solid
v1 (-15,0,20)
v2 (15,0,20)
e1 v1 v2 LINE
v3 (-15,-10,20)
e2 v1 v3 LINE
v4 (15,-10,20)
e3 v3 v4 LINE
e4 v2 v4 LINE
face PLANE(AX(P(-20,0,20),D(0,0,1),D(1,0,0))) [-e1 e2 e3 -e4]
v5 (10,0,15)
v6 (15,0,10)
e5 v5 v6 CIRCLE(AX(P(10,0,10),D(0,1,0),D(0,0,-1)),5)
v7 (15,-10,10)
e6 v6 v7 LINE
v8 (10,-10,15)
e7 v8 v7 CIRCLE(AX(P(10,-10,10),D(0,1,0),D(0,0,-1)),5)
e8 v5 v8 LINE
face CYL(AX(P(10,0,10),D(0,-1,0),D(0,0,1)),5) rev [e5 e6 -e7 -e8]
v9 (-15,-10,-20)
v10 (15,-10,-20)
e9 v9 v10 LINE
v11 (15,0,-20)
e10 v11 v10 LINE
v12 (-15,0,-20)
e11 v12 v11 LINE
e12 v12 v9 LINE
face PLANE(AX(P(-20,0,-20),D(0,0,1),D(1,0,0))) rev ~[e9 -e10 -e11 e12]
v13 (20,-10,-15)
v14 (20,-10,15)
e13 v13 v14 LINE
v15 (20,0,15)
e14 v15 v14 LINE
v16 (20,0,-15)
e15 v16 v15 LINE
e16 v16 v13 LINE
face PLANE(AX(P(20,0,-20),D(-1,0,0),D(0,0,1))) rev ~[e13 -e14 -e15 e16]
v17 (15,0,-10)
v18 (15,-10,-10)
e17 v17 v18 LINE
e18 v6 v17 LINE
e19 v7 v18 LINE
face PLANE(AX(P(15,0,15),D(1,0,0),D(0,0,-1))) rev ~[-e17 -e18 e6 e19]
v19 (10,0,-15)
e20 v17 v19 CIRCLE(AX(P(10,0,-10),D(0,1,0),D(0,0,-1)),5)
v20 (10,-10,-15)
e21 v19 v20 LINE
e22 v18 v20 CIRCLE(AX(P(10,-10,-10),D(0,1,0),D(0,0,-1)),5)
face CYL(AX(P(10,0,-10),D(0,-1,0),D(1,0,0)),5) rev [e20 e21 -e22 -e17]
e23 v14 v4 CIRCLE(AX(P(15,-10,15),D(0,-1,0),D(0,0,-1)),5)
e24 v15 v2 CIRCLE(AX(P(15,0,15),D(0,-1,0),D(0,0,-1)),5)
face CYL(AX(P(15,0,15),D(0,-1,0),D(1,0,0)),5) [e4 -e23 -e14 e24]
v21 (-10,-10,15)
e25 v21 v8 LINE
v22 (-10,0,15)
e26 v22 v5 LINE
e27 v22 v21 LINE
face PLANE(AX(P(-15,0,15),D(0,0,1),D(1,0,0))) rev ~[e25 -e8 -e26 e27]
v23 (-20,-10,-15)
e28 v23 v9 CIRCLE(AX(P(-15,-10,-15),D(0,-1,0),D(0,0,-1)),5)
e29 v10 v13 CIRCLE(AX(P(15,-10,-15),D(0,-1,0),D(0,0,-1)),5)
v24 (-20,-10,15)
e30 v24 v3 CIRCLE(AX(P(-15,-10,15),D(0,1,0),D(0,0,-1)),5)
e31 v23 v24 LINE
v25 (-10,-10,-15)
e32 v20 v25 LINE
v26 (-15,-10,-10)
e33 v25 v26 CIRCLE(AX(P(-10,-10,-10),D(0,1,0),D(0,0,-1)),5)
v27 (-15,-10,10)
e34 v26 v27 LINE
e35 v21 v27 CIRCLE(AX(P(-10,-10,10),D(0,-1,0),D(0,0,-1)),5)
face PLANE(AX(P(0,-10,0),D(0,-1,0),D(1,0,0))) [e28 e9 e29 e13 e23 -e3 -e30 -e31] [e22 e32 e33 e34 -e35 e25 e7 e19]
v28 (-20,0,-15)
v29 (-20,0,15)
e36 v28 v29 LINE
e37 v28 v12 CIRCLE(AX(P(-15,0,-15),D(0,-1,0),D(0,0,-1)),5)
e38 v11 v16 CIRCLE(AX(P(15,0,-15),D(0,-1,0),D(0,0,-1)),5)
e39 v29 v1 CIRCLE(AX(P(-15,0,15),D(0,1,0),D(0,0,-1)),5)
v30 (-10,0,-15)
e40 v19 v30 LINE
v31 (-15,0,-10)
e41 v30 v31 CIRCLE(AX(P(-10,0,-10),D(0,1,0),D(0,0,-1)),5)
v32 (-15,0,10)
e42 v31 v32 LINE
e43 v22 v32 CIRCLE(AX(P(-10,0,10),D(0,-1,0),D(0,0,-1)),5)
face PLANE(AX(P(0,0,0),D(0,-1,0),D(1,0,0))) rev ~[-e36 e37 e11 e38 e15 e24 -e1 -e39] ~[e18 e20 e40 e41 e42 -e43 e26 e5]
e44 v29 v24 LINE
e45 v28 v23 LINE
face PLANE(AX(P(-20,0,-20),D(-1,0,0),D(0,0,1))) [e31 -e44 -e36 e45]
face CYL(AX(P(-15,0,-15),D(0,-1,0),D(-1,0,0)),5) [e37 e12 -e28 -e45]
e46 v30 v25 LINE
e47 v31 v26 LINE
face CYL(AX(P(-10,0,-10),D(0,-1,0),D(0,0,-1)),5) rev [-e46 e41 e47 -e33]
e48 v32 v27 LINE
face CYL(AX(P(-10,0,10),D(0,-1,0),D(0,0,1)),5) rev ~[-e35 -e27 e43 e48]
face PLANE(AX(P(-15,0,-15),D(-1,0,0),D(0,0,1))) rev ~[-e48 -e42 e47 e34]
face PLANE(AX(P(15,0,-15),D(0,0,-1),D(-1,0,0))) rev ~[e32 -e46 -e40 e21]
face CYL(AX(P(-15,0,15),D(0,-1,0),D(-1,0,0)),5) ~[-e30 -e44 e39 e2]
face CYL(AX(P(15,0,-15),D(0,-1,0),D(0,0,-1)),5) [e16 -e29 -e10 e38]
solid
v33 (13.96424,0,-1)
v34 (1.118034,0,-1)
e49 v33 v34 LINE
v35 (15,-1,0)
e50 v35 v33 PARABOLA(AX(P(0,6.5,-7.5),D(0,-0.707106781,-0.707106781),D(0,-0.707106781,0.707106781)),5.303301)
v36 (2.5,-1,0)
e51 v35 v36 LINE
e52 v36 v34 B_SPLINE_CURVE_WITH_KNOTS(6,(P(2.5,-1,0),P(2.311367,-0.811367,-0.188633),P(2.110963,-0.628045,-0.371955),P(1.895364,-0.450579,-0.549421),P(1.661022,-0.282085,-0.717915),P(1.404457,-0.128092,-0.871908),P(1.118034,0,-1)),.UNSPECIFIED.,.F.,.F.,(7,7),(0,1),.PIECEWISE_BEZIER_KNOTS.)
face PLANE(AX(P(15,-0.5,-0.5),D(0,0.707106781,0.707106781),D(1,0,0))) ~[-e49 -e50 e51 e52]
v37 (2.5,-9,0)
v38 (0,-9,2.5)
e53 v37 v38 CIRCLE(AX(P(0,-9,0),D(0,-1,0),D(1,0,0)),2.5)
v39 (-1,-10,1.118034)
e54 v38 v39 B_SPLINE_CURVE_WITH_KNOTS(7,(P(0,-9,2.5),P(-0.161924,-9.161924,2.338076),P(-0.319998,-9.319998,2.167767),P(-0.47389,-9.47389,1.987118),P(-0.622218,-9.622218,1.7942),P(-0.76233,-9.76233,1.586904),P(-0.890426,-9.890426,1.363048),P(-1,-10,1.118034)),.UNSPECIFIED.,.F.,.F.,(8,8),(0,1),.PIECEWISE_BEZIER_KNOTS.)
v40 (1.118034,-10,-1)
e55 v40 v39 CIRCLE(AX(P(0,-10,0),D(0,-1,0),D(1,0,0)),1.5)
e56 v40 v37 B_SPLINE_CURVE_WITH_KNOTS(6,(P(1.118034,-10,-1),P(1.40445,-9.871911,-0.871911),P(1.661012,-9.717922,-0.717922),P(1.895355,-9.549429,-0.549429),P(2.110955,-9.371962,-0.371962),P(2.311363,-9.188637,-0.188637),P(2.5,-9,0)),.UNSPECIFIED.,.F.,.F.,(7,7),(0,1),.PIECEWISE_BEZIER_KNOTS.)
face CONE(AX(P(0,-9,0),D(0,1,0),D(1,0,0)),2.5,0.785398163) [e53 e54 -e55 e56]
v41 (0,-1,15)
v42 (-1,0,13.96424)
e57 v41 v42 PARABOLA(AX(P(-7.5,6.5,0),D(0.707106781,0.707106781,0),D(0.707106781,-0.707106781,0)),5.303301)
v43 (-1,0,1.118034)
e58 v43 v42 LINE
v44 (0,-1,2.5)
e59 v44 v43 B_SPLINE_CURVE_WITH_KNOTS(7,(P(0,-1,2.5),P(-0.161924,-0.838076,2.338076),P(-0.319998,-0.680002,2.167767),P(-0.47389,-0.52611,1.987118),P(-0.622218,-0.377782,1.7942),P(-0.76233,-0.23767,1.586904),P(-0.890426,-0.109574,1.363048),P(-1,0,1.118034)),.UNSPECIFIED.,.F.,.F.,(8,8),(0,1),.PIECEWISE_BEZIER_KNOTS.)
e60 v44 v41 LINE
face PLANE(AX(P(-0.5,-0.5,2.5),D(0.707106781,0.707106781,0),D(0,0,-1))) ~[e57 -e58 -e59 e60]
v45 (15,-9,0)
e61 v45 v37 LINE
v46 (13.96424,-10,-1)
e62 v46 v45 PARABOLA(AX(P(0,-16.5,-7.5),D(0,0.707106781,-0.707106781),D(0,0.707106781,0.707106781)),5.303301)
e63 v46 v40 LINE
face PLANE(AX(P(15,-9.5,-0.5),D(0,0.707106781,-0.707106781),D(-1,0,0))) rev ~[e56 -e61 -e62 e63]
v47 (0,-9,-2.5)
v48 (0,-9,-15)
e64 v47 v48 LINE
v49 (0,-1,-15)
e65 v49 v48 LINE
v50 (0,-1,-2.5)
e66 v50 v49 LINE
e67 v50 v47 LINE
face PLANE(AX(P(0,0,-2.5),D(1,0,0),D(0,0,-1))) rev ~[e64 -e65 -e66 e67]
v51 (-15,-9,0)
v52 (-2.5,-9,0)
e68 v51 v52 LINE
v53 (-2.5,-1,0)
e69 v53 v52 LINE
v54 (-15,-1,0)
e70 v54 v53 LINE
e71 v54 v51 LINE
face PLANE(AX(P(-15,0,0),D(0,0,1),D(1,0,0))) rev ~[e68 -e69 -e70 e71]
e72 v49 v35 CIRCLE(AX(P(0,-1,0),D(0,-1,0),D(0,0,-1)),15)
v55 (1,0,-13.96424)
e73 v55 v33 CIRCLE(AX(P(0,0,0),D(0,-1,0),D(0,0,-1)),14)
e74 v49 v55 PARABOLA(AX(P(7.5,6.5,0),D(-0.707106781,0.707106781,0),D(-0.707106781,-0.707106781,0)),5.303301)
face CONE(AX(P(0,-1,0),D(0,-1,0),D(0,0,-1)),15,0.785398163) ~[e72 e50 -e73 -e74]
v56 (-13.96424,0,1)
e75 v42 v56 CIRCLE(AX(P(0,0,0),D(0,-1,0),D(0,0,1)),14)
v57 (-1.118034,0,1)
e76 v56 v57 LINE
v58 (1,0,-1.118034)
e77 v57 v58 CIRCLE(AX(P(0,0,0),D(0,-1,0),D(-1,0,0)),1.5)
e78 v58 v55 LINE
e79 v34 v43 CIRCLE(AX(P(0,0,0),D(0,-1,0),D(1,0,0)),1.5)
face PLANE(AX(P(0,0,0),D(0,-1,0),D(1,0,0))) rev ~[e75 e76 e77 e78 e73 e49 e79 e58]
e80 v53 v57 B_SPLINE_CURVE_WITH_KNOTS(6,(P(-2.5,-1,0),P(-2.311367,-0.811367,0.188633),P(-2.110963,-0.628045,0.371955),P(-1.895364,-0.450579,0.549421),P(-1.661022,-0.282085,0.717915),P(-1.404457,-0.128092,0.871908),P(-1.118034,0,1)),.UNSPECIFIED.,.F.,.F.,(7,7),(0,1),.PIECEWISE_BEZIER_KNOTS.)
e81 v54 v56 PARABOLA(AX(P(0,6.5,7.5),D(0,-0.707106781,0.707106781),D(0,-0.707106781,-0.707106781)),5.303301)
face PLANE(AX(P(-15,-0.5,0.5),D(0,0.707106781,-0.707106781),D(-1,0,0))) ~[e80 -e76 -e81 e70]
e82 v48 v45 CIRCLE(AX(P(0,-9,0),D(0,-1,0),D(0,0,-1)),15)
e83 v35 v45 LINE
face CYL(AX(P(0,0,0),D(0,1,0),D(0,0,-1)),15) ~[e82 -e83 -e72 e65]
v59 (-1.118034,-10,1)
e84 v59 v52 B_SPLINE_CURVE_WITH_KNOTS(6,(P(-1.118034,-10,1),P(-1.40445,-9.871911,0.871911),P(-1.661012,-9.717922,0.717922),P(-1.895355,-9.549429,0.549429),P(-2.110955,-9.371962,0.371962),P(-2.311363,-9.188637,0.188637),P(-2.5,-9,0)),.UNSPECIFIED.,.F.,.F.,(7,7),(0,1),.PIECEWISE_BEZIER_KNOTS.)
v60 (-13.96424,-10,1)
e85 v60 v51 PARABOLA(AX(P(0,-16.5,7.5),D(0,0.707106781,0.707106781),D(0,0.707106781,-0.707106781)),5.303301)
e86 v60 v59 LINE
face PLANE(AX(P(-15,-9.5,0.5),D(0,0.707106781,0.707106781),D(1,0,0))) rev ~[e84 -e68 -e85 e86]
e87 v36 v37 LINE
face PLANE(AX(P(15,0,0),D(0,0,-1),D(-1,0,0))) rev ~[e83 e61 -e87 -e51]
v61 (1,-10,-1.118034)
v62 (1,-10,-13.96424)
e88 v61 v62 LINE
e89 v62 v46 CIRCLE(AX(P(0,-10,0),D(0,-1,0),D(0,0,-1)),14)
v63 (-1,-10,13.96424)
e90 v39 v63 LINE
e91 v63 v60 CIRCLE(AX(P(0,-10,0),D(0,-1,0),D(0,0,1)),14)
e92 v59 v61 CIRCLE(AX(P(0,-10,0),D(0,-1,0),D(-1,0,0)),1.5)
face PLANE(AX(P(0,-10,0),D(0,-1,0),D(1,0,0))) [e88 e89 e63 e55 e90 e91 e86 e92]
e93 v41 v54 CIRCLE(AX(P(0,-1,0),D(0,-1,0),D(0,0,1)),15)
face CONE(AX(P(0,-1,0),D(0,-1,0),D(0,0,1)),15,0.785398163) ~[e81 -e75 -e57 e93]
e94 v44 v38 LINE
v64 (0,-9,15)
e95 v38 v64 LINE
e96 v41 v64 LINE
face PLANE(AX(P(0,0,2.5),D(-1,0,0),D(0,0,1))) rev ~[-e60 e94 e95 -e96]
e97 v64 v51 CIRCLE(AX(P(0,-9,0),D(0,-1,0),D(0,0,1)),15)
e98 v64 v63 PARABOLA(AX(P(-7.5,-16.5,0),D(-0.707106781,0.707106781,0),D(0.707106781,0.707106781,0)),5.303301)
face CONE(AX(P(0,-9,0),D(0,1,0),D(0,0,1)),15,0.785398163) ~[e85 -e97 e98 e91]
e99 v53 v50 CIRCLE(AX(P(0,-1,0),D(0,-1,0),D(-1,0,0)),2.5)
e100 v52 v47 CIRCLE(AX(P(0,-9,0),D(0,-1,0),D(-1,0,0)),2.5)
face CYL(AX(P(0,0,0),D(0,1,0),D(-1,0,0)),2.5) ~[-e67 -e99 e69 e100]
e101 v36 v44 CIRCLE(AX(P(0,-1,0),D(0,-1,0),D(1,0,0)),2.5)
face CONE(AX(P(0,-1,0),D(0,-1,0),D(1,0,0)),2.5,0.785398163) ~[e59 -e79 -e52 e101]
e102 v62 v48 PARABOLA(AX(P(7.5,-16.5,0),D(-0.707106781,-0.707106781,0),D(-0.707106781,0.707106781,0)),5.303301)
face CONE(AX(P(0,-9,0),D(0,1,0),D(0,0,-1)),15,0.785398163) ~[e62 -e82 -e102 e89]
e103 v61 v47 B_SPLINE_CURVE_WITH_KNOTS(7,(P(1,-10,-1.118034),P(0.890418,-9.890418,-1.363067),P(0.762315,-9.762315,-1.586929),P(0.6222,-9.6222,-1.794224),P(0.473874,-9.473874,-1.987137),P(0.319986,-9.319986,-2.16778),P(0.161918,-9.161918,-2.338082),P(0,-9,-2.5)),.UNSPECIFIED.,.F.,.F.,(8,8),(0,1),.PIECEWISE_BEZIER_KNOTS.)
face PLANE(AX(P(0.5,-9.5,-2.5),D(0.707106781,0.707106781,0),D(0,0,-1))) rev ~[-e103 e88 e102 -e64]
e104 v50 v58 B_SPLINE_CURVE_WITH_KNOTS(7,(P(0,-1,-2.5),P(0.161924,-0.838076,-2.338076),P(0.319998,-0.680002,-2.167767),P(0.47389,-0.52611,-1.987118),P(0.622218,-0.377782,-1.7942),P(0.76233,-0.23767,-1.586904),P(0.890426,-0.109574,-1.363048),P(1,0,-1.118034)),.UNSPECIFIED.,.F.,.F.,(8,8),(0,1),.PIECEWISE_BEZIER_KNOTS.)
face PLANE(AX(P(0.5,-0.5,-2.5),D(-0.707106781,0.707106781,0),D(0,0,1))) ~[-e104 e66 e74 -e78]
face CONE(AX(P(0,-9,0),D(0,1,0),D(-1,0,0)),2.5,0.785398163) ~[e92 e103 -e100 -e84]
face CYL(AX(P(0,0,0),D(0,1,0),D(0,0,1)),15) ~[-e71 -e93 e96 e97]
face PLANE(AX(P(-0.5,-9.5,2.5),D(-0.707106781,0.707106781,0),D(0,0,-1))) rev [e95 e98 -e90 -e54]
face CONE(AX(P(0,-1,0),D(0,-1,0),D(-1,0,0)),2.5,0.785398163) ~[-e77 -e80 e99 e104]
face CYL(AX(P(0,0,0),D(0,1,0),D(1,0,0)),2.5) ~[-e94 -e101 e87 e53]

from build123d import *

# Parameters (mm, degrees)
F0_W     = 40
F0_H     = 40
F1_DEPTH = 10
F2_R     = 5
F3_SIZE  = 1
F4_SIZE  = 1


with BuildPart() as f1:
    # F0 (on Front) → F1 (new body)
    with BuildSketch(Plane.XZ):
        Rectangle(F0_W, F0_H)
        Polygon((0, 15), (15, 15), (15, 0), (15, -15), (0, -15), (-15, -15), (-15, 0), (-15, 15), align=None, mode=Mode.SUBTRACT)
    extrude(amount=F1_DEPTH)

    # F2
    f2_edges = [f1.edges().sort_by_distance(p)[0] for p in [
        (-20, -5, 20),
        (20, -5, 20),
        (20, -5, -20),
        (-20, -5, -20),
        (15, -5, -15),
        (15, -5, 15),
        (-15, -5, -15),
        (-15, -5, 15),
    ]]
    fillet(f2_edges, radius=F2_R)


with BuildPart() as f1b:
    # F0 (on Front) → F1, piece 2 (new body)
    with BuildSketch(Plane.XZ):
        with BuildLine():
            Line((0, 2.5), (0, 15))
            ThreePointArc((0, 15), (-10.6066017178, 10.6066017178), (-15, 0))
            Line((-15, 0), (-2.5, 0))
            ThreePointArc((-2.5, 0), (-1.767766953, -1.767766953), (0, -2.5))
            Line((0, -2.5), (0, -15))
            ThreePointArc((0, -15), (10.6066017178, -10.6066017178), (15, 0))
            Line((15, 0), (2.5, 0))
            ThreePointArc((2.5, 0), (1.767766953, 1.767766953), (0, 2.5))
        make_face()
    extrude(amount=F1_DEPTH)

    # F3
    f3_edges = [f1b.edges().sort_by_distance(p)[0] for p in [
        (8.75, 0, 0),
        (1.767767, 0, 1.767767),
        (0, 0, 8.75),
        (-10.606602, 0, 10.606602),
        (-8.75, 0, 0),
        (-1.767767, 0, -1.767767),
        (0, 0, -8.75),
        (10.606602, 0, -10.606602),
    ]]
    chamfer(f3_edges, length=F3_SIZE)

    # F4
    f4_edges = [f1b.edges().sort_by_distance(p)[0] for p in [
        (8.75, -10, 0),
        (1.767767, -10, 1.767767),
        (0, -10, 8.75),
        (-10.606602, -10, 10.606602),
        (-8.75, -10, 0),
        (-1.767767, -10, -1.767767),
        (0, -10, -8.75),
        (10.606602, -10, -10.606602),
    ]]
    chamfer(f4_edges, length=F4_SIZE)


solid = Compound([f1.part, f1b.part])
